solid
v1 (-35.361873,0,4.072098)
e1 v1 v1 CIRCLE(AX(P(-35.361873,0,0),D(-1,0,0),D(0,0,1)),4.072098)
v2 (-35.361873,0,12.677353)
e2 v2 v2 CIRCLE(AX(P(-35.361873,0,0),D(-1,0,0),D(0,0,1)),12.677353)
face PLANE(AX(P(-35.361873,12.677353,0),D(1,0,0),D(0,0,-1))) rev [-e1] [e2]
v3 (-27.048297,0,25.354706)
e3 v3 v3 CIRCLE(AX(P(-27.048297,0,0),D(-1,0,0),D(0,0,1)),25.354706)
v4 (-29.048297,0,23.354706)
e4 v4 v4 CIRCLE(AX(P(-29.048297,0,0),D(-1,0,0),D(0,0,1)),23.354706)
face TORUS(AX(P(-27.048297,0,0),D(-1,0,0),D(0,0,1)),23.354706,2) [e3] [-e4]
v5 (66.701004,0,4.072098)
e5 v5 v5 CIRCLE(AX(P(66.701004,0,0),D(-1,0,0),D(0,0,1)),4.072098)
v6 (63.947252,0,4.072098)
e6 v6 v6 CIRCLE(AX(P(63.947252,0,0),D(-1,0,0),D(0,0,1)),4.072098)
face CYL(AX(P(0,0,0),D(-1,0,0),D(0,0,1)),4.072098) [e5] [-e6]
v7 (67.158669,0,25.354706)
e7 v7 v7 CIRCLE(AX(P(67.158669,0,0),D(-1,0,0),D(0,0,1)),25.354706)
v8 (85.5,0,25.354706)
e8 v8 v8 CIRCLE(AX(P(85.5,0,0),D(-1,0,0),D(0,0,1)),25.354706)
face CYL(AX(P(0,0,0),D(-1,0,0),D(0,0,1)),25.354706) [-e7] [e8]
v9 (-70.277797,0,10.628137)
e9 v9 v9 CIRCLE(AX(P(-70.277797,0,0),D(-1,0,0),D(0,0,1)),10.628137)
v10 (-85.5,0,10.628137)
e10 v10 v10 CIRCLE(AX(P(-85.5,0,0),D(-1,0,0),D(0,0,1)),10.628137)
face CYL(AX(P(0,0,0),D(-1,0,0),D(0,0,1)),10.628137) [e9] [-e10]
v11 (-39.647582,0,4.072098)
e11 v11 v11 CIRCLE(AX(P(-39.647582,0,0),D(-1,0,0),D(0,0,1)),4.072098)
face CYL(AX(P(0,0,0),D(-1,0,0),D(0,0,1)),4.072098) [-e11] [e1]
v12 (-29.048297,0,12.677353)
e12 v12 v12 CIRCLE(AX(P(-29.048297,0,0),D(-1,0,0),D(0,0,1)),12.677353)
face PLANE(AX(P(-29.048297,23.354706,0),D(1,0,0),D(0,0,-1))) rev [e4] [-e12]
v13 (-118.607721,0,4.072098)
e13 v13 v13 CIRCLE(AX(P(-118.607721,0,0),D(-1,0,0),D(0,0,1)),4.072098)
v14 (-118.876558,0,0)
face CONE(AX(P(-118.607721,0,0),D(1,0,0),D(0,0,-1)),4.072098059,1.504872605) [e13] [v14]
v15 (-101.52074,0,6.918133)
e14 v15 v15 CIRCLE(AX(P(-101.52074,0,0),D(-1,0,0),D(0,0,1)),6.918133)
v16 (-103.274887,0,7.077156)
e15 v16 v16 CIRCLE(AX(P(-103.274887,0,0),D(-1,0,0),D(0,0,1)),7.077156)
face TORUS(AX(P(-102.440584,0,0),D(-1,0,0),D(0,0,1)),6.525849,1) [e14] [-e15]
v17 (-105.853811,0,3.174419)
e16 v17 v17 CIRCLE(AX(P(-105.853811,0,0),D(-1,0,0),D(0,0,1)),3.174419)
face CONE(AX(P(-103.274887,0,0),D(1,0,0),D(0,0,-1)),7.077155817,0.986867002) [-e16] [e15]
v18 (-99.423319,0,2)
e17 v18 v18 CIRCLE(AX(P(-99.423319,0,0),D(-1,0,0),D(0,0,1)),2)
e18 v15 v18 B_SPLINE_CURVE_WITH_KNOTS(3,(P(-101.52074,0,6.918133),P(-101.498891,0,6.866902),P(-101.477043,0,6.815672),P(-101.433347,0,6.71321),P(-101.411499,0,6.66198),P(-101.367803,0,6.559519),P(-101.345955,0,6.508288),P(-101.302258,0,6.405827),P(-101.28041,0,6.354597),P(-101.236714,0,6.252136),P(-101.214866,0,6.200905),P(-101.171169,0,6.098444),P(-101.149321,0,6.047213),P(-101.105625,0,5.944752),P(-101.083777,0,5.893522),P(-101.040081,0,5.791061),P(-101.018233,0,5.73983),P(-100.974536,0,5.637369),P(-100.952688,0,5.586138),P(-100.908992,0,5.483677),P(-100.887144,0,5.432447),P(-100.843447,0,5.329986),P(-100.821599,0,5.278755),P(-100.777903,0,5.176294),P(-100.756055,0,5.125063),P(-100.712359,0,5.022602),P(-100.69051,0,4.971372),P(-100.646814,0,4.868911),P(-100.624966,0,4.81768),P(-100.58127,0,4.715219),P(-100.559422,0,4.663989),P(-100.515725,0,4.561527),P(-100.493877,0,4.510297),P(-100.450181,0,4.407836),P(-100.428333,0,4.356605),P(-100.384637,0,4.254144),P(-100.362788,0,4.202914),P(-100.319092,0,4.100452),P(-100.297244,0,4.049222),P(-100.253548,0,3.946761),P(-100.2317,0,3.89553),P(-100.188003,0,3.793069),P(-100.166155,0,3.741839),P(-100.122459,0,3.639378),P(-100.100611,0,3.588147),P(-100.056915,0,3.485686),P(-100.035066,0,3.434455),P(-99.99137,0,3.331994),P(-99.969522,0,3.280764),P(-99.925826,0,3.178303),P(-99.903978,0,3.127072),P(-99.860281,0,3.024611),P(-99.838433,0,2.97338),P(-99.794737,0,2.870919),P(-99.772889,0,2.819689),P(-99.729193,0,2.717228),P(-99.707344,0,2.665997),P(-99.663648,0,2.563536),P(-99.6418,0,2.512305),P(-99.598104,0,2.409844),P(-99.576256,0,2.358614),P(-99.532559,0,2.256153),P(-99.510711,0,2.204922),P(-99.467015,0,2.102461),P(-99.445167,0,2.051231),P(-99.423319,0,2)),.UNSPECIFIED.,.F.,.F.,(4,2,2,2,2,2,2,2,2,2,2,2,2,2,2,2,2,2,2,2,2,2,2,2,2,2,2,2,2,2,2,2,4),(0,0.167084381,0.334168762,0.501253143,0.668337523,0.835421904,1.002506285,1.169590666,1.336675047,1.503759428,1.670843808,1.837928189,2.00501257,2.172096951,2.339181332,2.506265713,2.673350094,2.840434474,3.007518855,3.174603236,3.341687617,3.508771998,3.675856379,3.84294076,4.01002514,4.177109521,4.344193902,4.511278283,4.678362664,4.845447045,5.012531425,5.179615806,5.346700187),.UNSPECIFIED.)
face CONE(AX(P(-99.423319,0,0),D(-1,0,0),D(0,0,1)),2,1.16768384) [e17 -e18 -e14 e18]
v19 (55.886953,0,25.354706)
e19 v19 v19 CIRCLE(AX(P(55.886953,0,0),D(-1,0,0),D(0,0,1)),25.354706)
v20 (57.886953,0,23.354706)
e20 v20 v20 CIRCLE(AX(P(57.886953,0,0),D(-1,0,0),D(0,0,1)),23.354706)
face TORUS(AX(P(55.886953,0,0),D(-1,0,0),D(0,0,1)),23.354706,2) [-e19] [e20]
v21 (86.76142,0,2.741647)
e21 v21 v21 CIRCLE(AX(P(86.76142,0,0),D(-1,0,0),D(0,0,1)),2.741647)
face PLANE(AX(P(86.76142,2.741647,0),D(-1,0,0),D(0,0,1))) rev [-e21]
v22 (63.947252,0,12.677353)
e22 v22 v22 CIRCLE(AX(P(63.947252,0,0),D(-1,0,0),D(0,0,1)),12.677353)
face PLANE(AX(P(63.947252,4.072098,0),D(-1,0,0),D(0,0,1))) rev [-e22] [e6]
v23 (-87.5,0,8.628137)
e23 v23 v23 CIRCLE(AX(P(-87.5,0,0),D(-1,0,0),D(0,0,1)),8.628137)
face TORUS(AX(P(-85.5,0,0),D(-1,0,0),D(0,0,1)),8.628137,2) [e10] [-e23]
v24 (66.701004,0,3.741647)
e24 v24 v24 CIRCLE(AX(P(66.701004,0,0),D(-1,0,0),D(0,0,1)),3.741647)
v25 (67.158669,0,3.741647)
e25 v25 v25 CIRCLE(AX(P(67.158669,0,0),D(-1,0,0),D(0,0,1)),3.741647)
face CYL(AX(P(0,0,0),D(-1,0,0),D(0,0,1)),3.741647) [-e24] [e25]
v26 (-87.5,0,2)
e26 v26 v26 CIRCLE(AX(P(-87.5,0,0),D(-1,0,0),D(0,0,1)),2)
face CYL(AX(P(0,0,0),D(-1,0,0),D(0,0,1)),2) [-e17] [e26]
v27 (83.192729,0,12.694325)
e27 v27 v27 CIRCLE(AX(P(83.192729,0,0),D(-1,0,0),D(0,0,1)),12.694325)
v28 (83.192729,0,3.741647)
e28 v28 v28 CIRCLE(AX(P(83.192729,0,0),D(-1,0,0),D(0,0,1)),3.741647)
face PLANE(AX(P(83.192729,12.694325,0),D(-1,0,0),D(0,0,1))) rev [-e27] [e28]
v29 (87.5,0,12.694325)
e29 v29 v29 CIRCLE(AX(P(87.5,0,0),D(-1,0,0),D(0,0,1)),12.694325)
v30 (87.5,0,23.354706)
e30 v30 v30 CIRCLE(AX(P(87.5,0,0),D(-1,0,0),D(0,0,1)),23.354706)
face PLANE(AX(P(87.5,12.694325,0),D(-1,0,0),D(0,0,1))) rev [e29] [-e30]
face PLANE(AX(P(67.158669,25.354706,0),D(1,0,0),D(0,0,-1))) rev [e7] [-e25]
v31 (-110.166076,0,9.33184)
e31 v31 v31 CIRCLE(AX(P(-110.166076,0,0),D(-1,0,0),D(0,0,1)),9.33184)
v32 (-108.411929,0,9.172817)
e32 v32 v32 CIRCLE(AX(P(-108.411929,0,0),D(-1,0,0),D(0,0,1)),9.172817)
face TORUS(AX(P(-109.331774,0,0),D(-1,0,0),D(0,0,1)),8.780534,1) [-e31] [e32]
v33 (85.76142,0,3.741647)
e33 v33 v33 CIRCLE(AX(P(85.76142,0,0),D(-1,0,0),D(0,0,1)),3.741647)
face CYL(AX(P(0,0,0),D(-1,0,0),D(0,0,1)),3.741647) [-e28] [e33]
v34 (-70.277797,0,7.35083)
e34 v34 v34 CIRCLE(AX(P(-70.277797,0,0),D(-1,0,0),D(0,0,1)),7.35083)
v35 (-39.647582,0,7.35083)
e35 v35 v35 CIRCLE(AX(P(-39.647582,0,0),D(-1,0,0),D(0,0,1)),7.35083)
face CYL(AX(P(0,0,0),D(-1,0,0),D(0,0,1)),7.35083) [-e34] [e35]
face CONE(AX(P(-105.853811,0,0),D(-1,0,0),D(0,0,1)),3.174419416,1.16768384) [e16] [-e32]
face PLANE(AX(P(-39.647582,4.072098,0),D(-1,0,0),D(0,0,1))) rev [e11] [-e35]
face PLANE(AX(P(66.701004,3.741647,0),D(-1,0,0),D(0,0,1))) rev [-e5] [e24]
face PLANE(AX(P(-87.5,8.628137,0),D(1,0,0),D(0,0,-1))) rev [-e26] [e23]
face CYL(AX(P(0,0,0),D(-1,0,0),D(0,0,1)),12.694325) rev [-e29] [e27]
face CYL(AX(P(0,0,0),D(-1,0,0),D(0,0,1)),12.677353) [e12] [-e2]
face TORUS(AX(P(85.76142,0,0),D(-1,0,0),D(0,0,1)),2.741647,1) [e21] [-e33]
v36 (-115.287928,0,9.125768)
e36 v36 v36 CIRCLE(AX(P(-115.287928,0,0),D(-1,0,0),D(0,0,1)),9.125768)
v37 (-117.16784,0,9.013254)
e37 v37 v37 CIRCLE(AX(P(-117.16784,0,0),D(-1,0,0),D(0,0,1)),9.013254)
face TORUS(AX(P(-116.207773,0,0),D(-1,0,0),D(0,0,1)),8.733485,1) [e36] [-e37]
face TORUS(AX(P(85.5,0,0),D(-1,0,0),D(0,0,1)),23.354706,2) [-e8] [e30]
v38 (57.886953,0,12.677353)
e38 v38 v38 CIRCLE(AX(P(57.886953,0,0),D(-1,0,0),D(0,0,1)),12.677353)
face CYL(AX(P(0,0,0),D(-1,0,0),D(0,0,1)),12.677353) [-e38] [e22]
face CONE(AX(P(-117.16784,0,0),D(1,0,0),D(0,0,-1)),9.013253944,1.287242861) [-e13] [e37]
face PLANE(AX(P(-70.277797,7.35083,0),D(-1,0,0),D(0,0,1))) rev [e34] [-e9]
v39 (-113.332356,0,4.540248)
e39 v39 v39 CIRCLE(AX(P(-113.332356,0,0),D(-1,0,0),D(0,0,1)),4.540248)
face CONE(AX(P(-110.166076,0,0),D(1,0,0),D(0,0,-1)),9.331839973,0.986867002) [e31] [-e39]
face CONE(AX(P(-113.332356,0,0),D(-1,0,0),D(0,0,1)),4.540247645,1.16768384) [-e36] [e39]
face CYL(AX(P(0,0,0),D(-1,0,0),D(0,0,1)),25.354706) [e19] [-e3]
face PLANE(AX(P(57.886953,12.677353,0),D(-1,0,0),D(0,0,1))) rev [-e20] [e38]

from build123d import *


with BuildPart() as part:
    # Esquisse1 → Révolution1 (revolve)
    with BuildSketch(Plane.XY, mode=Mode.PRIVATE) as r_volution1_sk:
        with BuildLine():
            Line((0, 0), (86.761420326, 0))
            Line((86.761420326, 0), (86.761420326, 2.74164683))
            ThreePointArc((86.761420326, 2.74164683), (86.468527107, 3.448753611), (85.761420326, 3.74164683))
            Line((85.761420326, 3.74164683), (85.5, 3.74164683))
            Line((85.5, 3.74164683), (83.192728647, 3.74164683))
            Line((83.192728647, 3.74164683), (83.192728647, 12.694324665))
            Line((83.192728647, 12.694324665), (87.5, 12.694324665))
            Line((87.5, 12.694324665), (87.5, 23.354706437))
            ThreePointArc((87.5, 23.354706437), (86.914213562, 24.768919999), (85.5, 25.354706437))
            Line((85.5, 25.354706437), (67.158669363, 25.354706437))
            Line((67.158669363, 25.354706437), (67.158669363, 3.74164683))
            Line((67.158669363, 3.74164683), (66.70100433, 3.74164683))
            Line((66.70100433, 3.74164683), (66.70100433, 4.072098059))
            Line((66.70100433, 4.072098059), (63.947251592, 4.072098059))
            Line((63.947251592, 4.072098059), (63.947251592, 12.677353218))
            Line((63.947251592, 12.677353218), (57.886953159, 12.677353218))
            Line((57.886953159, 12.677353218), (57.886953159, 23.354706437))
            ThreePointArc((57.886953159, 23.354706437), (57.301166721, 24.768919999), (55.886953159, 25.354706437))
            Line((55.886953159, 25.354706437), (-27.048297017, 25.354706437))
            ThreePointArc((-27.048297017, 25.354706437), (-28.462510579, 24.768919999), (-29.048297017, 23.354706437))
            Line((-29.048297017, 23.354706437), (-29.048297017, 12.677353218))
            Line((-29.048297017, 12.677353218), (-35.36187275, 12.677353218))
            Line((-35.36187275, 12.677353218), (-35.36187275, 4.072098059))
            Line((-35.36187275, 4.072098059), (-39.64758191, 4.072098059))
            Line((-39.64758191, 4.072098059), (-39.64758191, 7.350830254))
            Line((-39.64758191, 7.350830254), (-70.277797377, 7.350830254))
            Line((-70.277797377, 7.350830254), (-70.277797377, 10.628137258))
            Line((-70.277797377, 10.628137258), (-85.5, 10.628137258))
            ThreePointArc((-85.5, 10.628137258), (-86.914213562, 10.042350821), (-87.5, 8.628137258))
            Line((-87.5, 8.628137258), (-87.5, 2))
            Line((-87.5, 2), (-99.423318708, 2))
            Line((-99.423318708, 2), (-101.520739589, 6.918132627))
            ThreePointArc((-101.520739589, 6.918132627), (-102.350298756, 7.521765327), (-103.274886898, 7.077155817))
            Line((-103.274886898, 7.077155817), (-105.85381099, 3.174419416))
            Line((-105.85381099, 3.174419416), (-108.411929049, 9.172816783))
            ThreePointArc((-108.411929049, 9.172816783), (-109.241488216, 9.776449483), (-110.166076358, 9.331839973))
            Line((-110.166076358, 9.331839973), (-113.332355507, 4.540247645))
            Line((-113.332355507, 4.540247645), (-115.287928346, 9.125768211))
            ThreePointArc((-115.287928346, 9.125768211), (-116.267516733, 9.731698706), (-117.167840173, 9.013253944))
            Line((-117.167840173, 9.013253944), (-118.607720524, 4.072098059))
            Line((-118.607720524, 4.072098059), (-118.876557947, 0))
            Line((-118.876557947, 0), (-117.5, 0))
            Line((-117.5, 0), (-87.5, 0))
            Line((-87.5, 0), (0, 0))
        make_face()
    revolve(r_volution1_sk.sketch.rotate(Axis((0, 0, 0), (1, 0, 0)), 90), axis=Axis((0, 0, 0), (1, 0, 0)))


solid = part.part
